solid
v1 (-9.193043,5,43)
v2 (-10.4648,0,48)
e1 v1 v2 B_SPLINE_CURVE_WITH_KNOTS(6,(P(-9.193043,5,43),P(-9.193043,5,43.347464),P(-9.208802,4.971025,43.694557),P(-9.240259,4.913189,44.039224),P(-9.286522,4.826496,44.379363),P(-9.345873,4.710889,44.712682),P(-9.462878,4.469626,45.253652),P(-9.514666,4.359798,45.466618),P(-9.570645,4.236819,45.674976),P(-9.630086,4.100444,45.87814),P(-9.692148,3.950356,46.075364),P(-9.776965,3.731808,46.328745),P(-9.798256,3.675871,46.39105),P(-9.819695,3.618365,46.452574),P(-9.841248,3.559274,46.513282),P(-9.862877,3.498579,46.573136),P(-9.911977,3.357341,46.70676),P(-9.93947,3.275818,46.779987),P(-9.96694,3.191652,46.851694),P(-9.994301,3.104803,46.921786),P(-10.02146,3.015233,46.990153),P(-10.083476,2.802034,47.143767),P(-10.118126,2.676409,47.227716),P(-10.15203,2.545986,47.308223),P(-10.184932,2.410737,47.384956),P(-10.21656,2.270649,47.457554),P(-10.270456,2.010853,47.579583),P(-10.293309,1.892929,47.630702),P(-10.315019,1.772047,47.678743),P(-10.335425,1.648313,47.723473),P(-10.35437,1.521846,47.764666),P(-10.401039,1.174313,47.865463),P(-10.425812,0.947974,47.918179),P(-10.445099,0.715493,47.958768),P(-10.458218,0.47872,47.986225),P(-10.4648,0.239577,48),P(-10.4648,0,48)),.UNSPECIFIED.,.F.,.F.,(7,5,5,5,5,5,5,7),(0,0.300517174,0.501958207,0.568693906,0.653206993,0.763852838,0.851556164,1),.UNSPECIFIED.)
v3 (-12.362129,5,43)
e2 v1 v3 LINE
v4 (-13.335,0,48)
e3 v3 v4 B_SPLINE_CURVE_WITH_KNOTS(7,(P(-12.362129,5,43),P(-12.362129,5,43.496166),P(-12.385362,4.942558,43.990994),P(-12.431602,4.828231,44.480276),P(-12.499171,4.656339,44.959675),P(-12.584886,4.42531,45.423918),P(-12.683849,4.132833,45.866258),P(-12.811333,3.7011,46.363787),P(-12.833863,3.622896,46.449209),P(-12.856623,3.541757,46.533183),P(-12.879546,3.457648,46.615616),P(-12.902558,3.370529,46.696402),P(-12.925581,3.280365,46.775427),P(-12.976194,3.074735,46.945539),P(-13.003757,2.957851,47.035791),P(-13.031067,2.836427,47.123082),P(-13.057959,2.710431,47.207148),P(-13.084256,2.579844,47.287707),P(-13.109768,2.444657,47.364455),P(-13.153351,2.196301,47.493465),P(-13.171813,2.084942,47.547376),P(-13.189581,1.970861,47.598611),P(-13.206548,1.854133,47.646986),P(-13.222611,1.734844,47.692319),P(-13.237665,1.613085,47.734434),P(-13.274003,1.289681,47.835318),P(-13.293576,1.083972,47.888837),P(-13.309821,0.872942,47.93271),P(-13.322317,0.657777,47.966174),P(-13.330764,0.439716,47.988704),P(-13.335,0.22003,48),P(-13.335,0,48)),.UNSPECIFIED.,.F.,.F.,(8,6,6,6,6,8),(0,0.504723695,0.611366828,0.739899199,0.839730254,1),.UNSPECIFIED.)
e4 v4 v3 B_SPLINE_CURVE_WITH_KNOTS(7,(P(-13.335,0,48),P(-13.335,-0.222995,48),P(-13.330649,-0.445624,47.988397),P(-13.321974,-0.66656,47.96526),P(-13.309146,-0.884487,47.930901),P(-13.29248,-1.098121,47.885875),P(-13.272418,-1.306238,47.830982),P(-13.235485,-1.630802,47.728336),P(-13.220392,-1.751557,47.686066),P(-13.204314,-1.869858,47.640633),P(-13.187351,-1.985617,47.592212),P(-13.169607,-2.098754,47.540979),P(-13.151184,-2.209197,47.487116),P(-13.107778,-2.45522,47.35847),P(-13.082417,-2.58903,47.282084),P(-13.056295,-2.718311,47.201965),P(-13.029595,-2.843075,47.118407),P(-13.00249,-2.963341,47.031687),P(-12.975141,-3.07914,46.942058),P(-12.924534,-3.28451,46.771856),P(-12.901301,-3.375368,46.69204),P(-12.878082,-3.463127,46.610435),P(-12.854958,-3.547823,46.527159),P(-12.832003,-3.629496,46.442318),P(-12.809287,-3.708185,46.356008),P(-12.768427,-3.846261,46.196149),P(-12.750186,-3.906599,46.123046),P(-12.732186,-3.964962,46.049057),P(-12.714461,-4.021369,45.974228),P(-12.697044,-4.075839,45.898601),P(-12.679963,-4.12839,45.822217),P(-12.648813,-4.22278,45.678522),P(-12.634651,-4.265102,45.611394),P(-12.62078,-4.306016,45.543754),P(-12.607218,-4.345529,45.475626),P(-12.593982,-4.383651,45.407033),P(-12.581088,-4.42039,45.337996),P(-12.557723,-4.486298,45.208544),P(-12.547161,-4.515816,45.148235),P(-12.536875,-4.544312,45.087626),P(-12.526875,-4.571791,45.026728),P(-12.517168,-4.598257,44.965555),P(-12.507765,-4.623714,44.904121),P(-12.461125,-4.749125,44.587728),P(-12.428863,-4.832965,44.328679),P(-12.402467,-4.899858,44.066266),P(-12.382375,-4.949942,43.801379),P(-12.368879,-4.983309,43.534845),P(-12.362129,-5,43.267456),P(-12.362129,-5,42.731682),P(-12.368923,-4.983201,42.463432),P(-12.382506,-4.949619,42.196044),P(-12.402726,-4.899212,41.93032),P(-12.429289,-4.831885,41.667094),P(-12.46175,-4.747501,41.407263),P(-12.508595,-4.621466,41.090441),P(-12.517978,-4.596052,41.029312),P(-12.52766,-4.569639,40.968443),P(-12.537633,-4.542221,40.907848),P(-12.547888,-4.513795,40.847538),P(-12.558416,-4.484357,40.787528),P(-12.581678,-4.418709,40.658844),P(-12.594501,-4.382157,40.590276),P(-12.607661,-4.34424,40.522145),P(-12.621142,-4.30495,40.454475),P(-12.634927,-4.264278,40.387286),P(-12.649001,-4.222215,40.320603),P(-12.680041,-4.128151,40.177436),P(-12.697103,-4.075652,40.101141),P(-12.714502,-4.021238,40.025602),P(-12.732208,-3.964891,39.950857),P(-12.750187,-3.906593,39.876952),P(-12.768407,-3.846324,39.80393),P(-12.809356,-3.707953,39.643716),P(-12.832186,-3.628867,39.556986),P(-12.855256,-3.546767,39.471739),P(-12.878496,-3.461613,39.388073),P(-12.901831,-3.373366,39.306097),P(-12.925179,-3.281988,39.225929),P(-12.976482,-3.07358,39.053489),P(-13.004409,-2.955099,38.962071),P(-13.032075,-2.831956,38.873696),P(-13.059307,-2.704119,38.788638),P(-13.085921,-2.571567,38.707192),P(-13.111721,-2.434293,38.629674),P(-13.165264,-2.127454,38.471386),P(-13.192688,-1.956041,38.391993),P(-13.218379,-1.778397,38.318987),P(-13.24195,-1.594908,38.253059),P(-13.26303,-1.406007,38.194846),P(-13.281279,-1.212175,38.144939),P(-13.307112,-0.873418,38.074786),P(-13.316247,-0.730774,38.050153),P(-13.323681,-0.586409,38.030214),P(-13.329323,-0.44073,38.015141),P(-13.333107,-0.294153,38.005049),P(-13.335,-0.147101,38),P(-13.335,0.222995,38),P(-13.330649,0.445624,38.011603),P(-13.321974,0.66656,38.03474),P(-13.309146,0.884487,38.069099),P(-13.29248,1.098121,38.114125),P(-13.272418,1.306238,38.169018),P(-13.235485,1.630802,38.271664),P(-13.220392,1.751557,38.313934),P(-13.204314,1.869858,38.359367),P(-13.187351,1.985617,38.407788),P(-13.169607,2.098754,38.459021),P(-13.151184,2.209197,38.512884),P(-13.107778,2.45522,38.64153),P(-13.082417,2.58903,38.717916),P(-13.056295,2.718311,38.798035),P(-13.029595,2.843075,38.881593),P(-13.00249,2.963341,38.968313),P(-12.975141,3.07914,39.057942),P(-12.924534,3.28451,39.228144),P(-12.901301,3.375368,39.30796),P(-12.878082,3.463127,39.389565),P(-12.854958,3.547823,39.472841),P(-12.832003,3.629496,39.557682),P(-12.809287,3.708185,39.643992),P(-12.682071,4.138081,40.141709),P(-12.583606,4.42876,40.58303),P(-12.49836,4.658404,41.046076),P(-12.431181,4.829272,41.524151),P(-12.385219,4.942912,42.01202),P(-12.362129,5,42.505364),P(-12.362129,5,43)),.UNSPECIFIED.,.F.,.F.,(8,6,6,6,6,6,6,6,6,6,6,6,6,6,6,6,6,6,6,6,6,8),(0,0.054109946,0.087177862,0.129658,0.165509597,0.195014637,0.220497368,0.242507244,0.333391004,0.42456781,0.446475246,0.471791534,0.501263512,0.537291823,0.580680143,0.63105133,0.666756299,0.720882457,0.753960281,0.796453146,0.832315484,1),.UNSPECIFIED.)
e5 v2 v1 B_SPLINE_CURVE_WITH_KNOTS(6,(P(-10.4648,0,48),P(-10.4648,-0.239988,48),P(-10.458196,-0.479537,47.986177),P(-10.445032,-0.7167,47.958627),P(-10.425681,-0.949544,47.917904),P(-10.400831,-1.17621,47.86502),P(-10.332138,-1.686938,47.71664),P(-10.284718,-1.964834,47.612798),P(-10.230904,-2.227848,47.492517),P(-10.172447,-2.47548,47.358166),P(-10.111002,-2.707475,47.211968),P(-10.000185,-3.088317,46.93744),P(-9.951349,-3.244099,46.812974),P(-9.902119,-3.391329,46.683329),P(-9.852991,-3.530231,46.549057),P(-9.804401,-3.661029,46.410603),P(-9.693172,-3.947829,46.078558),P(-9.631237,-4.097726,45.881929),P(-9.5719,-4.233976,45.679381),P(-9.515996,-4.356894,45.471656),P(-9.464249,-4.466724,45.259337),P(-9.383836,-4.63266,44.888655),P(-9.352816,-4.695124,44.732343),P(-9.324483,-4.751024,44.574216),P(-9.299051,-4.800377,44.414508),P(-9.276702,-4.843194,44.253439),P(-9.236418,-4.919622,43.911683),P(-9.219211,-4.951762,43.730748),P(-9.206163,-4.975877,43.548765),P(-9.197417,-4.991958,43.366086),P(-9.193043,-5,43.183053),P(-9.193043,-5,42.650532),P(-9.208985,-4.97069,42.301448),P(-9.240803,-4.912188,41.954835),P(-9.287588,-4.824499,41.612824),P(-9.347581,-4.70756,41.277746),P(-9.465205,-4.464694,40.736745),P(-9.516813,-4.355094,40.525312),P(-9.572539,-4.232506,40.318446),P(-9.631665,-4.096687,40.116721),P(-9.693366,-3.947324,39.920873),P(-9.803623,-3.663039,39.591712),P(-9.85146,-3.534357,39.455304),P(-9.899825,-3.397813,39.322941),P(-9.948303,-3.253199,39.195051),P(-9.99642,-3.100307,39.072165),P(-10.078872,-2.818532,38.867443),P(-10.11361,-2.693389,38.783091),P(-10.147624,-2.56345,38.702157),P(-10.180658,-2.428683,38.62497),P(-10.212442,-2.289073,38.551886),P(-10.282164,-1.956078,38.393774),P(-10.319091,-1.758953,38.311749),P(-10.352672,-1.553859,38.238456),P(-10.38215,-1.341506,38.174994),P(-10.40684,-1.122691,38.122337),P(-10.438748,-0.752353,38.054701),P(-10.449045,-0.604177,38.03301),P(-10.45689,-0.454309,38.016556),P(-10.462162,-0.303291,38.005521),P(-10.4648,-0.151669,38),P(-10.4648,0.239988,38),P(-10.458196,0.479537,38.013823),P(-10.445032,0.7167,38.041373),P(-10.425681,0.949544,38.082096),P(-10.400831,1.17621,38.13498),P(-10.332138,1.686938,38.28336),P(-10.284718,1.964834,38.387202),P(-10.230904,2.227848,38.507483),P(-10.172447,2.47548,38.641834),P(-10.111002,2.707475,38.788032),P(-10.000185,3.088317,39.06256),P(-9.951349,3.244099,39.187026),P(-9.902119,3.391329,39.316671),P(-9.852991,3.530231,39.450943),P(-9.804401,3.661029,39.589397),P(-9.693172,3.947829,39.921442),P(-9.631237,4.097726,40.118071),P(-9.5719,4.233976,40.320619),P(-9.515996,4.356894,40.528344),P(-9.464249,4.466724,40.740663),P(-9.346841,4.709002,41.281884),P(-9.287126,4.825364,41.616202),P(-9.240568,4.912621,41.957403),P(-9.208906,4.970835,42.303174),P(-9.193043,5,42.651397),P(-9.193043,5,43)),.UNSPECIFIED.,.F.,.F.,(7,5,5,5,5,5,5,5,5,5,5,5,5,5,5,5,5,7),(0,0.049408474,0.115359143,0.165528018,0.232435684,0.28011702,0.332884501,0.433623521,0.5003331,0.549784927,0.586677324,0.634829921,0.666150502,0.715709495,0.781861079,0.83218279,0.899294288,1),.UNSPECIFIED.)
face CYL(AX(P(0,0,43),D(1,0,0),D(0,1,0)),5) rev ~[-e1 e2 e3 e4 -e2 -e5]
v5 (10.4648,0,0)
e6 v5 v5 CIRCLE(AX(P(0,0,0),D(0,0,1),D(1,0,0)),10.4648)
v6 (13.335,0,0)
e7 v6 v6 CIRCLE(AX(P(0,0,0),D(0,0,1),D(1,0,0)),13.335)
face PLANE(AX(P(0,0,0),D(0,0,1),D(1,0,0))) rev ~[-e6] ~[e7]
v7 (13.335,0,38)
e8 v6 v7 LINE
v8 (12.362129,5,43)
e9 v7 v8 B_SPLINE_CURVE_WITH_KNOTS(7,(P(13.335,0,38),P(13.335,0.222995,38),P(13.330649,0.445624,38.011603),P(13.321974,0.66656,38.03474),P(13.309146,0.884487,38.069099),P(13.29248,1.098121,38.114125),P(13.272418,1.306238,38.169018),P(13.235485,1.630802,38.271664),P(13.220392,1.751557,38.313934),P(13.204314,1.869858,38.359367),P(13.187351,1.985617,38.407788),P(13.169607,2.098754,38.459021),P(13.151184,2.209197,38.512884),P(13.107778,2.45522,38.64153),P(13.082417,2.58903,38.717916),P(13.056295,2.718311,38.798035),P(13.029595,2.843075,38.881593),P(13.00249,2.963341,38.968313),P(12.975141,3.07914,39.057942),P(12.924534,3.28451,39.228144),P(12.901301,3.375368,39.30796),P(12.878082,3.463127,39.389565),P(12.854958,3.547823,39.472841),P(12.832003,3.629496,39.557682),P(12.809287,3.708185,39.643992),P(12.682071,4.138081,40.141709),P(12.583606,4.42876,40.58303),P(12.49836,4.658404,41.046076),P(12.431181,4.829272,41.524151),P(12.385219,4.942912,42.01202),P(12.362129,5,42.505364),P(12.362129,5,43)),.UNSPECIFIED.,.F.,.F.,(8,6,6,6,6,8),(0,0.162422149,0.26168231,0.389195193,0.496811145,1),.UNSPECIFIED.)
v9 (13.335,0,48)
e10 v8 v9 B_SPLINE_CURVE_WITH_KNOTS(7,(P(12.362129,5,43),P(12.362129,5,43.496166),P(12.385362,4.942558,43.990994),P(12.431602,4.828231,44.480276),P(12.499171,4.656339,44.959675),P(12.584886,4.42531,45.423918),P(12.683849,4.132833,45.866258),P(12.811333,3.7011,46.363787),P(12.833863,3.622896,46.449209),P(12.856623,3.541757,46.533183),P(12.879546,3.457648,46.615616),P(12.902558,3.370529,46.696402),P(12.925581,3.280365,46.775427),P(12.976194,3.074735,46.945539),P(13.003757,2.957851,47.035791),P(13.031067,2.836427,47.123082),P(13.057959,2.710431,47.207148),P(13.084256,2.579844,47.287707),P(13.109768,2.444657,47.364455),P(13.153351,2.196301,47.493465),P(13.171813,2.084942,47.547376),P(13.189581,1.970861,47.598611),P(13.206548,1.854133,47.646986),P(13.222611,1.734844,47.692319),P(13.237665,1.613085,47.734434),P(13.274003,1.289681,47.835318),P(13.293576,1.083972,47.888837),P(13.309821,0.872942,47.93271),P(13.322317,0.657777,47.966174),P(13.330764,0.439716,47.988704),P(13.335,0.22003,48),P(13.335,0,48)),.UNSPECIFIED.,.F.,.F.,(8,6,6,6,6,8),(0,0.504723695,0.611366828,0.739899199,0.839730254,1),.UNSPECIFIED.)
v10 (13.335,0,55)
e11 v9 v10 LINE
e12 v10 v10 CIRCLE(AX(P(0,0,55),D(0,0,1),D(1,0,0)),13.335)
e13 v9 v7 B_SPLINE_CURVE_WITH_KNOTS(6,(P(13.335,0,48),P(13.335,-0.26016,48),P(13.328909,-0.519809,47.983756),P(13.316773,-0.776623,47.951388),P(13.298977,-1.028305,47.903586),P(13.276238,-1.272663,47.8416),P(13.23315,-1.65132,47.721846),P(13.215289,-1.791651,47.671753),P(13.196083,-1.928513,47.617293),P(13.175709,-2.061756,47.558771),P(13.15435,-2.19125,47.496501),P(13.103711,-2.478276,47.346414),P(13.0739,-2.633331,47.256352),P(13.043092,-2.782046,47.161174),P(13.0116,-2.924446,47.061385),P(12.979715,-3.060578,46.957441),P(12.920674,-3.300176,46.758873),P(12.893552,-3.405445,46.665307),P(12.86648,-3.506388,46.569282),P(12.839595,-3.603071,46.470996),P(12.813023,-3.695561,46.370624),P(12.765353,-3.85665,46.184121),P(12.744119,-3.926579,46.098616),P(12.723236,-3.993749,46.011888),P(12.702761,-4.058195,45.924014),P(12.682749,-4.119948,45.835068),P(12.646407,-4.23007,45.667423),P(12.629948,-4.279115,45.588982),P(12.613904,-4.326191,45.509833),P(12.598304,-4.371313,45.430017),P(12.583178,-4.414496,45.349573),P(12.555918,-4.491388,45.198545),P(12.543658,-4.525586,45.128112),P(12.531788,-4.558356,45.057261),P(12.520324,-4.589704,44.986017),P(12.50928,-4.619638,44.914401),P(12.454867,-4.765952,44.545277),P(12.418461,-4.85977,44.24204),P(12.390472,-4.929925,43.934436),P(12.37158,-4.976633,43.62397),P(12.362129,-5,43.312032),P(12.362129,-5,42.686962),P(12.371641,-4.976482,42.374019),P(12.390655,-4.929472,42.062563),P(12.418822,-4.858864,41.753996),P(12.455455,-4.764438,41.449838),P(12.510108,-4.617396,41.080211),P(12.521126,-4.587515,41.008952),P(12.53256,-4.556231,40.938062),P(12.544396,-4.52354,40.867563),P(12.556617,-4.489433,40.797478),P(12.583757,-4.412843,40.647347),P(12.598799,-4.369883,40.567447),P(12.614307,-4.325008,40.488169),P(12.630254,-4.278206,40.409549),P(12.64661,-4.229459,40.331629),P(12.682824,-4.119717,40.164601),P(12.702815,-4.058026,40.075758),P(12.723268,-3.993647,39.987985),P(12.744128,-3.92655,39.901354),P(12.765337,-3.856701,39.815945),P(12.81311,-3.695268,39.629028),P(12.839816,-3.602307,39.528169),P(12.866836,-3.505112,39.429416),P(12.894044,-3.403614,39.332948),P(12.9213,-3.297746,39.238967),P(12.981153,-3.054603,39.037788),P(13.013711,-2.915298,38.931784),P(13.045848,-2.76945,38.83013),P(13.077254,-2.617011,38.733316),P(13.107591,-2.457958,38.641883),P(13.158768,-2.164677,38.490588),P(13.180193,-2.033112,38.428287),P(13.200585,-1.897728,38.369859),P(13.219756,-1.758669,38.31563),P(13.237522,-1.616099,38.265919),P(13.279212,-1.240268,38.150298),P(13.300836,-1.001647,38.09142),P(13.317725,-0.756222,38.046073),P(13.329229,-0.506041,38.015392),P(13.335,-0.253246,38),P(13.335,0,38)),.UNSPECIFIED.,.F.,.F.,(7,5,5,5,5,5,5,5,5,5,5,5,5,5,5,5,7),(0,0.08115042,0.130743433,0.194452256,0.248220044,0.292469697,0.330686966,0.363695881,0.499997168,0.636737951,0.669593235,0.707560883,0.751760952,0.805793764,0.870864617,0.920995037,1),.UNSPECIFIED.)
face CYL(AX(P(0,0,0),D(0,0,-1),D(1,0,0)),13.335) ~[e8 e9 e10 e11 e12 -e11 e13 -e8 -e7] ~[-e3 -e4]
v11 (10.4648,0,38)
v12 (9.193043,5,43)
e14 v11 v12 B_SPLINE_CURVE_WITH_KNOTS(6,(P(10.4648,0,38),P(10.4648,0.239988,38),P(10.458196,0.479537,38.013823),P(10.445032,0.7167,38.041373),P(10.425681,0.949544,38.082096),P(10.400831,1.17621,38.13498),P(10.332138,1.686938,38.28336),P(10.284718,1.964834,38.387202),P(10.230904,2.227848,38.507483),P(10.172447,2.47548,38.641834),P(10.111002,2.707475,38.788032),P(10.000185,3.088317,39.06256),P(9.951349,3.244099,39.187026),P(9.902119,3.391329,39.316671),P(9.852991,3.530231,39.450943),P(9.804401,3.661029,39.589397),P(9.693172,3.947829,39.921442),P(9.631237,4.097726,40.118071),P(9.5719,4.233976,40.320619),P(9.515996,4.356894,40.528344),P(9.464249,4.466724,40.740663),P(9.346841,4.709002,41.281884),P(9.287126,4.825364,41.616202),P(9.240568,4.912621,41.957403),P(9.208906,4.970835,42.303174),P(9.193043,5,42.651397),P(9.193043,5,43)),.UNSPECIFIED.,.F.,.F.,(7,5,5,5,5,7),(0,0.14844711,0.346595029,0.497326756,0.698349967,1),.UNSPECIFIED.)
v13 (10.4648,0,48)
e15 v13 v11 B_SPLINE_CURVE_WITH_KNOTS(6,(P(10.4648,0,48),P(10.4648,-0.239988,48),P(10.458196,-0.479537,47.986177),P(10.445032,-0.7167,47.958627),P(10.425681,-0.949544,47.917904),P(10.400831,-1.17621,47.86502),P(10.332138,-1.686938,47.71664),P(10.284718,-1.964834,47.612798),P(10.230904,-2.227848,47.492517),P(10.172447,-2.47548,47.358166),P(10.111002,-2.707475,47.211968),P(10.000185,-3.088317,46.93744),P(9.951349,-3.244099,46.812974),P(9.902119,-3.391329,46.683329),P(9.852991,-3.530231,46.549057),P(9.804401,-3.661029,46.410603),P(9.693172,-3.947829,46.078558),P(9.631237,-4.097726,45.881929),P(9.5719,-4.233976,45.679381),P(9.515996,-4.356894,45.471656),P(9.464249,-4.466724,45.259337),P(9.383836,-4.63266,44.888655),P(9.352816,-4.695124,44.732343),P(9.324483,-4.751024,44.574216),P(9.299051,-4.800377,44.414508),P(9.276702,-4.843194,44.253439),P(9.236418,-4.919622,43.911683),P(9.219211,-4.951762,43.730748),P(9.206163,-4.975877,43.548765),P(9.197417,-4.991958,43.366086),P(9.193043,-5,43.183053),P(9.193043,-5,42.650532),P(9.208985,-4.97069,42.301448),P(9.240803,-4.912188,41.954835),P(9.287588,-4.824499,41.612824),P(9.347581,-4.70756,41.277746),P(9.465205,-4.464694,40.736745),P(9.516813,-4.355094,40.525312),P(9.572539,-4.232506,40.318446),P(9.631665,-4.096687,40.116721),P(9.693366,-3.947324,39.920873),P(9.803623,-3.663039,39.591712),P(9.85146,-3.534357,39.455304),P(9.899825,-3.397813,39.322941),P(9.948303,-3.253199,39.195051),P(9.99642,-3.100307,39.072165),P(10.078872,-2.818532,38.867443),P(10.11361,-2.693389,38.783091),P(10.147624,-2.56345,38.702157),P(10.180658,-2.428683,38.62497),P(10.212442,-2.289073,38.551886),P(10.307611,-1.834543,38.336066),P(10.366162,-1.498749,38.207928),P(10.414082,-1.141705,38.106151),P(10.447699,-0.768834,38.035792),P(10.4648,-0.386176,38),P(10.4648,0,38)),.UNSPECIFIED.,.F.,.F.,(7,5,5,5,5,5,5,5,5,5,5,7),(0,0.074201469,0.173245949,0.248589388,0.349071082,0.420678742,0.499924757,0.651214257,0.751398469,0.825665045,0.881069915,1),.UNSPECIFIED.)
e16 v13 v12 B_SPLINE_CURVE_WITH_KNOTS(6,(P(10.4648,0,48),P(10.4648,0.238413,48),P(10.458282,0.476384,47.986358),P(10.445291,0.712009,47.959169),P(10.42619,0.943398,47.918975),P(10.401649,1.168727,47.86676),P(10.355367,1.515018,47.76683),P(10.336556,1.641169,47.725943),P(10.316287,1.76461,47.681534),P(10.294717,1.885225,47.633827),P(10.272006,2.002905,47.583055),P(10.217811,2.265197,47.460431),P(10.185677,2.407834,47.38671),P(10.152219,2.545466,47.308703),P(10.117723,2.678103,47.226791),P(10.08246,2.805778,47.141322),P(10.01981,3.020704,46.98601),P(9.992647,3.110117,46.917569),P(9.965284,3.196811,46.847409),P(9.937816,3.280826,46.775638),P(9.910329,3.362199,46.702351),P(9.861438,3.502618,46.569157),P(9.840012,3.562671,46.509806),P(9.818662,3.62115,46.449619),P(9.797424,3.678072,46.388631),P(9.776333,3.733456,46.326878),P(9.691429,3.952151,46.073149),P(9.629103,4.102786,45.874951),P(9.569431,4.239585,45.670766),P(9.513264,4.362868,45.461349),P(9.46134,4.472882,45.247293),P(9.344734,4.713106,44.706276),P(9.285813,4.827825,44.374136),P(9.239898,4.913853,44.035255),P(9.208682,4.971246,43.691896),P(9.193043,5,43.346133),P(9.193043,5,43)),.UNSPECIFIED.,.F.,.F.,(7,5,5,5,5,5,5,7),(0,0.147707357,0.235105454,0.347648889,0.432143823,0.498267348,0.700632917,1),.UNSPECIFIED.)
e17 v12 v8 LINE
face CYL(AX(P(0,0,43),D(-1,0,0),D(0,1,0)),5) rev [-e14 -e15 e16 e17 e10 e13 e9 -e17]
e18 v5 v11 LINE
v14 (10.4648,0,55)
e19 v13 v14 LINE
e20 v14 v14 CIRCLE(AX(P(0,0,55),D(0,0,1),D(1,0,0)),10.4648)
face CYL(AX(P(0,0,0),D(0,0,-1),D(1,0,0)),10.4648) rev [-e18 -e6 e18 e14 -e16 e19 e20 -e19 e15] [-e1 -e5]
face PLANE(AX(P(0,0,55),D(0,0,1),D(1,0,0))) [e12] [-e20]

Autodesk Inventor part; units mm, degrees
ref_plane "YZ Plane" through (0, 0, 0) normal (1, 0, 0) x (0, 1, 0)
ref_plane "Start Plane" through (0, 0, 0) normal (0, 0, 1) x (1, 0, 0)
ref_plane "End Plane" through (0, 0, 55) normal (0, 0, 1) x (1, 0, 0)
sketch "Sketch" plane through (0, 0, 0) normal (0, 0, 1) x (1, 0, 0)
  circle A0 centre (0, 0) radius 10.4648
  circle A1 centre (0, 0) radius 13.335
  dimension "d0" = 26.67
  dimension "d1" = 2.8702
extrude "Body" add sketch "Sketch" along normal up to surface (55 mm away) from surface at 0
sketch "Sketch3" plane through (0, 0, 0) normal (0, 0, 1) x (1, 0, 0)
  line L0 (0, 0) -> (10, 0)
ref_plane "Work Plane3" through (0, 0, 0) normal (0, -1, 0) x (1, 0, 0)
sketch "Sketch5" plane through (0, 0, 0) normal (1, 0, 0) x (0, 1, 0)
  line L0 (-13.335, 55) -> (13.335, 55) projected
  line L1 (-13.335, 0) -> (-13.335, 55) projected
  line L2 (13.335, 0) -> (13.335, 55) projected
  line L3 (0, 55) -> (0, 43)
  circle A0 centre (0, 43) radius 5
  point P0 (0, 0)
  dimension "d8" = 12
  dimension "d9" = 10
extrude "Extrusion2" cut sketch "Sketch5" along normal through all both and the other way through all
sketch "Sketch4" plane through (0, 0, 0) normal (0, -1, 0) x (1, 0, 0)
  line L0 (-2, 0) -> (12, 0) projected
  line L1 (-2, 55) -> (12, 55) projected
  dimension "d7" = 55
equation "\"d0\" = G_H"
equation "\"d1\" = G_T"
equation "\"d2\" = G_L"
equation "\"G_H\" = 26.67"
equation "\"G_T\" = 2.8702"
equation "\"G_L\" = d7"
equation "\"G_OFFSET_START\" = 0"
equation "\"G_OFFSET_END\" = 0"
equation "\"d5\" = G_OFFSET_END + B_L"
equation "\"B_L\" = 55"
properties part number "ANSI - 3/4 x 0.113 - 2.165" material "Steel, Mild"
